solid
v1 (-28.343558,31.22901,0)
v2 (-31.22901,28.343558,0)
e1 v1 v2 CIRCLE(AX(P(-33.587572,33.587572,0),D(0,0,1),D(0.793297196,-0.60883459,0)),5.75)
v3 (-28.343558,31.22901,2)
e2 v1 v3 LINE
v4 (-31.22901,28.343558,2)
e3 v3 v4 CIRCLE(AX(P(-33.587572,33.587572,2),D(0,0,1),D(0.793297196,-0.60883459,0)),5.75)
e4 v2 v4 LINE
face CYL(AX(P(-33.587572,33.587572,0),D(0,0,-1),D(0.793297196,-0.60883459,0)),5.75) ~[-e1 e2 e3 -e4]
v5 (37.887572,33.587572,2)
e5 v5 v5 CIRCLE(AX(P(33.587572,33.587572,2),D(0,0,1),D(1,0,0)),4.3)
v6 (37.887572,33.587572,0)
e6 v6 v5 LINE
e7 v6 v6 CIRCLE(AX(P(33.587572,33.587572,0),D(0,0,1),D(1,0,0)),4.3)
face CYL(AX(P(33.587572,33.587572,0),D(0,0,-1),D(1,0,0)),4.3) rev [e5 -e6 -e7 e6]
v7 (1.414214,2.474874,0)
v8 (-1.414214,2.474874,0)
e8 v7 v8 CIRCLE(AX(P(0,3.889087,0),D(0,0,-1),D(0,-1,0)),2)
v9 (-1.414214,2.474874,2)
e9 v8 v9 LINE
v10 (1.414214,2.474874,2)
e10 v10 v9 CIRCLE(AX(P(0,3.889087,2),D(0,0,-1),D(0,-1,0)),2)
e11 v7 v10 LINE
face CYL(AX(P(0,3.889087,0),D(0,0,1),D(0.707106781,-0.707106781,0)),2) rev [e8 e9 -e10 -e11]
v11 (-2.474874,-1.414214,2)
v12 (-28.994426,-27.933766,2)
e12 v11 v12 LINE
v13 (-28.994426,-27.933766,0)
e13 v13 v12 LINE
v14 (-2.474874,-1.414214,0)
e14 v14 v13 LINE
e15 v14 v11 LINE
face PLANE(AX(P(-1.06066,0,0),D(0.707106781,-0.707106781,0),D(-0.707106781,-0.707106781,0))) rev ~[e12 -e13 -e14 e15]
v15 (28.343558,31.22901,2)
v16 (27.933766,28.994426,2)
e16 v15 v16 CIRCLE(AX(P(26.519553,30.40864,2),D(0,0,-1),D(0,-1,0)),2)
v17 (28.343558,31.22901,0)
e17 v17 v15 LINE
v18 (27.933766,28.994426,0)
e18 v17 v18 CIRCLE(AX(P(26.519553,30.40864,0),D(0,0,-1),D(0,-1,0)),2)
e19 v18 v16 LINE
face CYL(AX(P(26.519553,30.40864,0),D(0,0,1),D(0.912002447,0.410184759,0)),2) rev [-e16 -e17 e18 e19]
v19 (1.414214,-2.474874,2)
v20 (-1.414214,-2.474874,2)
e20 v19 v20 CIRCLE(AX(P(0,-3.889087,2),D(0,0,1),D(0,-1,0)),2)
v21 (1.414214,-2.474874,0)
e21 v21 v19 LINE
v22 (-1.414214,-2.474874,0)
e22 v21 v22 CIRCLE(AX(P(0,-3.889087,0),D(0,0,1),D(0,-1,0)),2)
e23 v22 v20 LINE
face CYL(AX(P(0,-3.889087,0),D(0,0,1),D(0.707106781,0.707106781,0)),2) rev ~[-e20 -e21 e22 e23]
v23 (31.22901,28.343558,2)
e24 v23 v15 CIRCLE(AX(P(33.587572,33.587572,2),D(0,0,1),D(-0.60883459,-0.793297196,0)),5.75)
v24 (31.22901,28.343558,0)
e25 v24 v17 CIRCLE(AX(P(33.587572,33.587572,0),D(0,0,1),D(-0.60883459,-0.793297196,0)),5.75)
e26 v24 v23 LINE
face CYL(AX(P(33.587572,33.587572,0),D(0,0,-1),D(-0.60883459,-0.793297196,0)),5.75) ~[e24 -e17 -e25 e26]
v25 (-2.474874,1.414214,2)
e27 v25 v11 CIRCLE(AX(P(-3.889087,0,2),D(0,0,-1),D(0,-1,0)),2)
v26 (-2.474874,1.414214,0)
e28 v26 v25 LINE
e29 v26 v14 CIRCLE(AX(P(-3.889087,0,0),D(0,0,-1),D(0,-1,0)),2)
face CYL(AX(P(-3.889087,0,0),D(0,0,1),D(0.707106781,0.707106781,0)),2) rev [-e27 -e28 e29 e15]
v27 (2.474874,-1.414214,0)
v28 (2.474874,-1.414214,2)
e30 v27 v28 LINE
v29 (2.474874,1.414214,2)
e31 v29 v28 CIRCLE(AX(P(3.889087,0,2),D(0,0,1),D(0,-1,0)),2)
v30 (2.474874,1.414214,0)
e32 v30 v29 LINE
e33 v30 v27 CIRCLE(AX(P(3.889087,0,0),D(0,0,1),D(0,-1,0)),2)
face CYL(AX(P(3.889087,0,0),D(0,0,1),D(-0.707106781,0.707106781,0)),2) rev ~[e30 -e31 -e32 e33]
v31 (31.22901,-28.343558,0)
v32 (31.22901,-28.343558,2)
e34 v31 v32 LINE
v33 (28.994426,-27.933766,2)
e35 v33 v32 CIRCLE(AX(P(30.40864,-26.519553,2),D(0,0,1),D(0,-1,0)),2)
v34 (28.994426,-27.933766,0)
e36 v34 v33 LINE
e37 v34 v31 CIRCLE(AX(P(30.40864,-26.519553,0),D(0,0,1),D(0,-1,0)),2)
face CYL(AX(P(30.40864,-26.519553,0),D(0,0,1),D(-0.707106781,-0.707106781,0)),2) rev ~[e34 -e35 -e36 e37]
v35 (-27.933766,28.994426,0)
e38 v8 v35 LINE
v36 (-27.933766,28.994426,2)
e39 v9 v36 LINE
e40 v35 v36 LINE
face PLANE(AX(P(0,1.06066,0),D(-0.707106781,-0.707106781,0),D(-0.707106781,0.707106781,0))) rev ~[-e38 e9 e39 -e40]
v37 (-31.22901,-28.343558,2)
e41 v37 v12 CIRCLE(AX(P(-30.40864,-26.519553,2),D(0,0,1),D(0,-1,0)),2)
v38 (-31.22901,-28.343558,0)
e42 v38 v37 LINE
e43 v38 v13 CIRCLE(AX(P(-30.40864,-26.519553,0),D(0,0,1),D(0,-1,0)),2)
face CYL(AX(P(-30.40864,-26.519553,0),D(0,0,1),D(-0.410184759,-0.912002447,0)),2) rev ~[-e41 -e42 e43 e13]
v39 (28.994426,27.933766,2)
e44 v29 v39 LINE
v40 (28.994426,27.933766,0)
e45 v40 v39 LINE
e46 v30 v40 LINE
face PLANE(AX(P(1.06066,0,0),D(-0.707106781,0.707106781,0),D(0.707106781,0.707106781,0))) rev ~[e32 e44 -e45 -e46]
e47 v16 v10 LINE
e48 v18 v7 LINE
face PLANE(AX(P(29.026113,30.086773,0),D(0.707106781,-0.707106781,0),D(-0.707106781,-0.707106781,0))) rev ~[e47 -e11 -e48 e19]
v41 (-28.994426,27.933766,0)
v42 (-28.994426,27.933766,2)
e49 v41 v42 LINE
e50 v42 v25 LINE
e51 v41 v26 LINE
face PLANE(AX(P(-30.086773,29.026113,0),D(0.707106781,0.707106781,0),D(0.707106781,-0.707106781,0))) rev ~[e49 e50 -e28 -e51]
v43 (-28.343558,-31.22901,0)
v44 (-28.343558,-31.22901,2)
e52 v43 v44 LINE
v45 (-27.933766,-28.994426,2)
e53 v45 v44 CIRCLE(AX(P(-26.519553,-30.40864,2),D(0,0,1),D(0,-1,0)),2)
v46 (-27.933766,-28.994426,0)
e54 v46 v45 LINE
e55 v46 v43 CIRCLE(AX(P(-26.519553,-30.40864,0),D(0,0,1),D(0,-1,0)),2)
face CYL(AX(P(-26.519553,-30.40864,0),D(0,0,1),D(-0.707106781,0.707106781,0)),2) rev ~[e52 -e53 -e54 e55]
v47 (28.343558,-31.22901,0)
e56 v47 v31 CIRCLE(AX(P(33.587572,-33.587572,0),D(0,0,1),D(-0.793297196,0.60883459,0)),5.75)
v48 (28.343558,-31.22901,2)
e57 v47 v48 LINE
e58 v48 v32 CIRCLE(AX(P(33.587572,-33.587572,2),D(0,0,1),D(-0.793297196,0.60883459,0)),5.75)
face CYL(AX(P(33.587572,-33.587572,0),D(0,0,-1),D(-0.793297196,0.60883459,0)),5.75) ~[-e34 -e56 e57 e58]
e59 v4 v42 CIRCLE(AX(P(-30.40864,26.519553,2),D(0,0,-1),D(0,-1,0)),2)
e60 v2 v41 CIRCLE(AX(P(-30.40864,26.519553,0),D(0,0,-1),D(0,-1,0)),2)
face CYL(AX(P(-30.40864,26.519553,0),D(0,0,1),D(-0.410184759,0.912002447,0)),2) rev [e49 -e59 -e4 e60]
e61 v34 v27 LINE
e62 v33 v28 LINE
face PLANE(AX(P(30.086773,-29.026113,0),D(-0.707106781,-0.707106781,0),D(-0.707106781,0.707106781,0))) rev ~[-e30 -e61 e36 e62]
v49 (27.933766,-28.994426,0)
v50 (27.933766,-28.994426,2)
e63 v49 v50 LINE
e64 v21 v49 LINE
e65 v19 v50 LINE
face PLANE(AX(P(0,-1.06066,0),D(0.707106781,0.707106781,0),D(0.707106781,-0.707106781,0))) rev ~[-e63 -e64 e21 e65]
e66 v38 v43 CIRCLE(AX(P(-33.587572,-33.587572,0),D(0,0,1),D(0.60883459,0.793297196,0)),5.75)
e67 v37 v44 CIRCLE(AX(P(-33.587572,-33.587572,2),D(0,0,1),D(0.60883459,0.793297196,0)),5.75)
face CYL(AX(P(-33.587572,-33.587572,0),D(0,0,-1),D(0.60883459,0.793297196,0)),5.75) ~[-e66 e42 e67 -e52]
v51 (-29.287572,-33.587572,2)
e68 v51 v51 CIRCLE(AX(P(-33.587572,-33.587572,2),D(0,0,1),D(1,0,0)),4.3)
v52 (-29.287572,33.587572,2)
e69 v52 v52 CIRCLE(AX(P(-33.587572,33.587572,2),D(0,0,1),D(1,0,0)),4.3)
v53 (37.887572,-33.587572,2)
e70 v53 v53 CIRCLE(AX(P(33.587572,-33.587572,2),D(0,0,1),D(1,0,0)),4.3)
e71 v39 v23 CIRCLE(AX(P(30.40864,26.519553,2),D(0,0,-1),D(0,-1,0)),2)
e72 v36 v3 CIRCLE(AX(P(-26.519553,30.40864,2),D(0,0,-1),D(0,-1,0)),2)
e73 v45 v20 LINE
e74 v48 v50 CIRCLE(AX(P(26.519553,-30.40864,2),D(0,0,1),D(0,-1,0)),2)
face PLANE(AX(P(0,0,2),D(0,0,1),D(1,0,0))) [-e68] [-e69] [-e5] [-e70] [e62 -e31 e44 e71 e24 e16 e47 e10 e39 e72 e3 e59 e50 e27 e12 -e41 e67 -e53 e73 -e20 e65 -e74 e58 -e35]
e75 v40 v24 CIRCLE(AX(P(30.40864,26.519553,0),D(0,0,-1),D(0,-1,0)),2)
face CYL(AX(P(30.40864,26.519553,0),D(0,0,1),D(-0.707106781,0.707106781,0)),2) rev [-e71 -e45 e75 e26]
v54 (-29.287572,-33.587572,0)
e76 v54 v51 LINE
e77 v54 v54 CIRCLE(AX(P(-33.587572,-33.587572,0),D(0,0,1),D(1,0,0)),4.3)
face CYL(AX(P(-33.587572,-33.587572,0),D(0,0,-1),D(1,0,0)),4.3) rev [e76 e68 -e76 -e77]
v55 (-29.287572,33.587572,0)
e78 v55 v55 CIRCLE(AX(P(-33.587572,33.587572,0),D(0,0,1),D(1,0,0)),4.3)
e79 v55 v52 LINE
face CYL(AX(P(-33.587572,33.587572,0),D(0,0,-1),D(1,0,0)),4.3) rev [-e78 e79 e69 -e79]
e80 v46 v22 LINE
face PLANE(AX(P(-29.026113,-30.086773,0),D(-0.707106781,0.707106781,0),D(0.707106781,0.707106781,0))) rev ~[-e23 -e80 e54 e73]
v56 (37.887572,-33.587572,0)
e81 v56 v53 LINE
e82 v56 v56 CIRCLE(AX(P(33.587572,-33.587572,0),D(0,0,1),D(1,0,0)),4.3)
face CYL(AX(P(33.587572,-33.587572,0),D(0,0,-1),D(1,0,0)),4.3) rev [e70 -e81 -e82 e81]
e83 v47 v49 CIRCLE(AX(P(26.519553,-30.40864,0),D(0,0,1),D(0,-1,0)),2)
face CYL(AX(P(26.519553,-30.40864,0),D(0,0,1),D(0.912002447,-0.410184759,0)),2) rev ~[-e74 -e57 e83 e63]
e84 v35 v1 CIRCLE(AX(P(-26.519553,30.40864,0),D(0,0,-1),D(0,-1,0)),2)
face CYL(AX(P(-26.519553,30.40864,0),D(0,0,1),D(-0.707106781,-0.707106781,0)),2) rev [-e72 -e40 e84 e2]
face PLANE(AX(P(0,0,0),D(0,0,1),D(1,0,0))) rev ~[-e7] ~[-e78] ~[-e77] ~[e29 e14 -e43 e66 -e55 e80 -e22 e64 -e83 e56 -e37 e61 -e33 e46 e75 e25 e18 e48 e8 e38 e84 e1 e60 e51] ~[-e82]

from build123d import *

# Parameters (mm, degrees)
F1_R     = 4.3
F2_DEPTH = 2
F3_R     = 2


with BuildPart() as f2:
    # F1 (on Top) → F2 (new body)
    with BuildSketch(Plane.XY):
        with BuildLine():
            Line((1.06066, 0), (30.086773, 29.026113))
            ThreePointArc((30.086773, 29.026113), (37.653436, 37.653436), (29.026113, 30.086773))
            Line((29.026113, 30.086773), (0, 1.06066))
            Line((0, 1.06066), (-29.026113, 30.086773))
            ThreePointArc((-29.026113, 30.086773), (-37.653436, 37.653436), (-30.086773, 29.026113))
            Line((-30.086773, 29.026113), (-1.06066, 0))
            Line((-1.06066, 0), (-30.086773, -29.026113))
            ThreePointArc((-30.086773, -29.026113), (-37.653436, -37.653436), (-29.026113, -30.086773))
            Line((-29.026113, -30.086773), (0, -1.06066))
            Line((0, -1.06066), (29.026113, -30.086773))
            ThreePointArc((29.026113, -30.086773), (37.653436, -37.653436), (30.086773, -29.026113))
            Line((30.086773, -29.026113), (1.06066, 0))
        make_face()
        with Locations((-33.587572, -33.587572)):
            Circle(F1_R, mode=Mode.SUBTRACT)
        with Locations((33.587572, -33.587572)):
            Circle(F1_R, mode=Mode.SUBTRACT)
        with Locations((-33.587572, 33.587572)):
            Circle(F1_R, mode=Mode.SUBTRACT)
        with Locations((33.587572, 33.587572)):
            Circle(F1_R, mode=Mode.SUBTRACT)
    extrude(amount=F2_DEPTH)

    # F3
    f3_edges = [f2.edges().sort_by_distance(p)[0] for p in [
        (30.086773, 29.026113, 1),
        (29.026113, 30.086773, 1),
        (1.06066, 0, 1),
        (0, -1.06066, 1),
        (-1.06066, 0, 1),
        (0, 1.06066, 1),
        (29.026113, -30.086773, 1),
        (30.086773, -29.026113, 1),
        (-30.086773, 29.026113, 1),
        (-29.026113, -30.086773, 1),
        (-29.026113, 30.086773, 1),
        (-30.086773, -29.026113, 1),
    ]]
    fillet(f3_edges, radius=F3_R)


solid = f2.part
